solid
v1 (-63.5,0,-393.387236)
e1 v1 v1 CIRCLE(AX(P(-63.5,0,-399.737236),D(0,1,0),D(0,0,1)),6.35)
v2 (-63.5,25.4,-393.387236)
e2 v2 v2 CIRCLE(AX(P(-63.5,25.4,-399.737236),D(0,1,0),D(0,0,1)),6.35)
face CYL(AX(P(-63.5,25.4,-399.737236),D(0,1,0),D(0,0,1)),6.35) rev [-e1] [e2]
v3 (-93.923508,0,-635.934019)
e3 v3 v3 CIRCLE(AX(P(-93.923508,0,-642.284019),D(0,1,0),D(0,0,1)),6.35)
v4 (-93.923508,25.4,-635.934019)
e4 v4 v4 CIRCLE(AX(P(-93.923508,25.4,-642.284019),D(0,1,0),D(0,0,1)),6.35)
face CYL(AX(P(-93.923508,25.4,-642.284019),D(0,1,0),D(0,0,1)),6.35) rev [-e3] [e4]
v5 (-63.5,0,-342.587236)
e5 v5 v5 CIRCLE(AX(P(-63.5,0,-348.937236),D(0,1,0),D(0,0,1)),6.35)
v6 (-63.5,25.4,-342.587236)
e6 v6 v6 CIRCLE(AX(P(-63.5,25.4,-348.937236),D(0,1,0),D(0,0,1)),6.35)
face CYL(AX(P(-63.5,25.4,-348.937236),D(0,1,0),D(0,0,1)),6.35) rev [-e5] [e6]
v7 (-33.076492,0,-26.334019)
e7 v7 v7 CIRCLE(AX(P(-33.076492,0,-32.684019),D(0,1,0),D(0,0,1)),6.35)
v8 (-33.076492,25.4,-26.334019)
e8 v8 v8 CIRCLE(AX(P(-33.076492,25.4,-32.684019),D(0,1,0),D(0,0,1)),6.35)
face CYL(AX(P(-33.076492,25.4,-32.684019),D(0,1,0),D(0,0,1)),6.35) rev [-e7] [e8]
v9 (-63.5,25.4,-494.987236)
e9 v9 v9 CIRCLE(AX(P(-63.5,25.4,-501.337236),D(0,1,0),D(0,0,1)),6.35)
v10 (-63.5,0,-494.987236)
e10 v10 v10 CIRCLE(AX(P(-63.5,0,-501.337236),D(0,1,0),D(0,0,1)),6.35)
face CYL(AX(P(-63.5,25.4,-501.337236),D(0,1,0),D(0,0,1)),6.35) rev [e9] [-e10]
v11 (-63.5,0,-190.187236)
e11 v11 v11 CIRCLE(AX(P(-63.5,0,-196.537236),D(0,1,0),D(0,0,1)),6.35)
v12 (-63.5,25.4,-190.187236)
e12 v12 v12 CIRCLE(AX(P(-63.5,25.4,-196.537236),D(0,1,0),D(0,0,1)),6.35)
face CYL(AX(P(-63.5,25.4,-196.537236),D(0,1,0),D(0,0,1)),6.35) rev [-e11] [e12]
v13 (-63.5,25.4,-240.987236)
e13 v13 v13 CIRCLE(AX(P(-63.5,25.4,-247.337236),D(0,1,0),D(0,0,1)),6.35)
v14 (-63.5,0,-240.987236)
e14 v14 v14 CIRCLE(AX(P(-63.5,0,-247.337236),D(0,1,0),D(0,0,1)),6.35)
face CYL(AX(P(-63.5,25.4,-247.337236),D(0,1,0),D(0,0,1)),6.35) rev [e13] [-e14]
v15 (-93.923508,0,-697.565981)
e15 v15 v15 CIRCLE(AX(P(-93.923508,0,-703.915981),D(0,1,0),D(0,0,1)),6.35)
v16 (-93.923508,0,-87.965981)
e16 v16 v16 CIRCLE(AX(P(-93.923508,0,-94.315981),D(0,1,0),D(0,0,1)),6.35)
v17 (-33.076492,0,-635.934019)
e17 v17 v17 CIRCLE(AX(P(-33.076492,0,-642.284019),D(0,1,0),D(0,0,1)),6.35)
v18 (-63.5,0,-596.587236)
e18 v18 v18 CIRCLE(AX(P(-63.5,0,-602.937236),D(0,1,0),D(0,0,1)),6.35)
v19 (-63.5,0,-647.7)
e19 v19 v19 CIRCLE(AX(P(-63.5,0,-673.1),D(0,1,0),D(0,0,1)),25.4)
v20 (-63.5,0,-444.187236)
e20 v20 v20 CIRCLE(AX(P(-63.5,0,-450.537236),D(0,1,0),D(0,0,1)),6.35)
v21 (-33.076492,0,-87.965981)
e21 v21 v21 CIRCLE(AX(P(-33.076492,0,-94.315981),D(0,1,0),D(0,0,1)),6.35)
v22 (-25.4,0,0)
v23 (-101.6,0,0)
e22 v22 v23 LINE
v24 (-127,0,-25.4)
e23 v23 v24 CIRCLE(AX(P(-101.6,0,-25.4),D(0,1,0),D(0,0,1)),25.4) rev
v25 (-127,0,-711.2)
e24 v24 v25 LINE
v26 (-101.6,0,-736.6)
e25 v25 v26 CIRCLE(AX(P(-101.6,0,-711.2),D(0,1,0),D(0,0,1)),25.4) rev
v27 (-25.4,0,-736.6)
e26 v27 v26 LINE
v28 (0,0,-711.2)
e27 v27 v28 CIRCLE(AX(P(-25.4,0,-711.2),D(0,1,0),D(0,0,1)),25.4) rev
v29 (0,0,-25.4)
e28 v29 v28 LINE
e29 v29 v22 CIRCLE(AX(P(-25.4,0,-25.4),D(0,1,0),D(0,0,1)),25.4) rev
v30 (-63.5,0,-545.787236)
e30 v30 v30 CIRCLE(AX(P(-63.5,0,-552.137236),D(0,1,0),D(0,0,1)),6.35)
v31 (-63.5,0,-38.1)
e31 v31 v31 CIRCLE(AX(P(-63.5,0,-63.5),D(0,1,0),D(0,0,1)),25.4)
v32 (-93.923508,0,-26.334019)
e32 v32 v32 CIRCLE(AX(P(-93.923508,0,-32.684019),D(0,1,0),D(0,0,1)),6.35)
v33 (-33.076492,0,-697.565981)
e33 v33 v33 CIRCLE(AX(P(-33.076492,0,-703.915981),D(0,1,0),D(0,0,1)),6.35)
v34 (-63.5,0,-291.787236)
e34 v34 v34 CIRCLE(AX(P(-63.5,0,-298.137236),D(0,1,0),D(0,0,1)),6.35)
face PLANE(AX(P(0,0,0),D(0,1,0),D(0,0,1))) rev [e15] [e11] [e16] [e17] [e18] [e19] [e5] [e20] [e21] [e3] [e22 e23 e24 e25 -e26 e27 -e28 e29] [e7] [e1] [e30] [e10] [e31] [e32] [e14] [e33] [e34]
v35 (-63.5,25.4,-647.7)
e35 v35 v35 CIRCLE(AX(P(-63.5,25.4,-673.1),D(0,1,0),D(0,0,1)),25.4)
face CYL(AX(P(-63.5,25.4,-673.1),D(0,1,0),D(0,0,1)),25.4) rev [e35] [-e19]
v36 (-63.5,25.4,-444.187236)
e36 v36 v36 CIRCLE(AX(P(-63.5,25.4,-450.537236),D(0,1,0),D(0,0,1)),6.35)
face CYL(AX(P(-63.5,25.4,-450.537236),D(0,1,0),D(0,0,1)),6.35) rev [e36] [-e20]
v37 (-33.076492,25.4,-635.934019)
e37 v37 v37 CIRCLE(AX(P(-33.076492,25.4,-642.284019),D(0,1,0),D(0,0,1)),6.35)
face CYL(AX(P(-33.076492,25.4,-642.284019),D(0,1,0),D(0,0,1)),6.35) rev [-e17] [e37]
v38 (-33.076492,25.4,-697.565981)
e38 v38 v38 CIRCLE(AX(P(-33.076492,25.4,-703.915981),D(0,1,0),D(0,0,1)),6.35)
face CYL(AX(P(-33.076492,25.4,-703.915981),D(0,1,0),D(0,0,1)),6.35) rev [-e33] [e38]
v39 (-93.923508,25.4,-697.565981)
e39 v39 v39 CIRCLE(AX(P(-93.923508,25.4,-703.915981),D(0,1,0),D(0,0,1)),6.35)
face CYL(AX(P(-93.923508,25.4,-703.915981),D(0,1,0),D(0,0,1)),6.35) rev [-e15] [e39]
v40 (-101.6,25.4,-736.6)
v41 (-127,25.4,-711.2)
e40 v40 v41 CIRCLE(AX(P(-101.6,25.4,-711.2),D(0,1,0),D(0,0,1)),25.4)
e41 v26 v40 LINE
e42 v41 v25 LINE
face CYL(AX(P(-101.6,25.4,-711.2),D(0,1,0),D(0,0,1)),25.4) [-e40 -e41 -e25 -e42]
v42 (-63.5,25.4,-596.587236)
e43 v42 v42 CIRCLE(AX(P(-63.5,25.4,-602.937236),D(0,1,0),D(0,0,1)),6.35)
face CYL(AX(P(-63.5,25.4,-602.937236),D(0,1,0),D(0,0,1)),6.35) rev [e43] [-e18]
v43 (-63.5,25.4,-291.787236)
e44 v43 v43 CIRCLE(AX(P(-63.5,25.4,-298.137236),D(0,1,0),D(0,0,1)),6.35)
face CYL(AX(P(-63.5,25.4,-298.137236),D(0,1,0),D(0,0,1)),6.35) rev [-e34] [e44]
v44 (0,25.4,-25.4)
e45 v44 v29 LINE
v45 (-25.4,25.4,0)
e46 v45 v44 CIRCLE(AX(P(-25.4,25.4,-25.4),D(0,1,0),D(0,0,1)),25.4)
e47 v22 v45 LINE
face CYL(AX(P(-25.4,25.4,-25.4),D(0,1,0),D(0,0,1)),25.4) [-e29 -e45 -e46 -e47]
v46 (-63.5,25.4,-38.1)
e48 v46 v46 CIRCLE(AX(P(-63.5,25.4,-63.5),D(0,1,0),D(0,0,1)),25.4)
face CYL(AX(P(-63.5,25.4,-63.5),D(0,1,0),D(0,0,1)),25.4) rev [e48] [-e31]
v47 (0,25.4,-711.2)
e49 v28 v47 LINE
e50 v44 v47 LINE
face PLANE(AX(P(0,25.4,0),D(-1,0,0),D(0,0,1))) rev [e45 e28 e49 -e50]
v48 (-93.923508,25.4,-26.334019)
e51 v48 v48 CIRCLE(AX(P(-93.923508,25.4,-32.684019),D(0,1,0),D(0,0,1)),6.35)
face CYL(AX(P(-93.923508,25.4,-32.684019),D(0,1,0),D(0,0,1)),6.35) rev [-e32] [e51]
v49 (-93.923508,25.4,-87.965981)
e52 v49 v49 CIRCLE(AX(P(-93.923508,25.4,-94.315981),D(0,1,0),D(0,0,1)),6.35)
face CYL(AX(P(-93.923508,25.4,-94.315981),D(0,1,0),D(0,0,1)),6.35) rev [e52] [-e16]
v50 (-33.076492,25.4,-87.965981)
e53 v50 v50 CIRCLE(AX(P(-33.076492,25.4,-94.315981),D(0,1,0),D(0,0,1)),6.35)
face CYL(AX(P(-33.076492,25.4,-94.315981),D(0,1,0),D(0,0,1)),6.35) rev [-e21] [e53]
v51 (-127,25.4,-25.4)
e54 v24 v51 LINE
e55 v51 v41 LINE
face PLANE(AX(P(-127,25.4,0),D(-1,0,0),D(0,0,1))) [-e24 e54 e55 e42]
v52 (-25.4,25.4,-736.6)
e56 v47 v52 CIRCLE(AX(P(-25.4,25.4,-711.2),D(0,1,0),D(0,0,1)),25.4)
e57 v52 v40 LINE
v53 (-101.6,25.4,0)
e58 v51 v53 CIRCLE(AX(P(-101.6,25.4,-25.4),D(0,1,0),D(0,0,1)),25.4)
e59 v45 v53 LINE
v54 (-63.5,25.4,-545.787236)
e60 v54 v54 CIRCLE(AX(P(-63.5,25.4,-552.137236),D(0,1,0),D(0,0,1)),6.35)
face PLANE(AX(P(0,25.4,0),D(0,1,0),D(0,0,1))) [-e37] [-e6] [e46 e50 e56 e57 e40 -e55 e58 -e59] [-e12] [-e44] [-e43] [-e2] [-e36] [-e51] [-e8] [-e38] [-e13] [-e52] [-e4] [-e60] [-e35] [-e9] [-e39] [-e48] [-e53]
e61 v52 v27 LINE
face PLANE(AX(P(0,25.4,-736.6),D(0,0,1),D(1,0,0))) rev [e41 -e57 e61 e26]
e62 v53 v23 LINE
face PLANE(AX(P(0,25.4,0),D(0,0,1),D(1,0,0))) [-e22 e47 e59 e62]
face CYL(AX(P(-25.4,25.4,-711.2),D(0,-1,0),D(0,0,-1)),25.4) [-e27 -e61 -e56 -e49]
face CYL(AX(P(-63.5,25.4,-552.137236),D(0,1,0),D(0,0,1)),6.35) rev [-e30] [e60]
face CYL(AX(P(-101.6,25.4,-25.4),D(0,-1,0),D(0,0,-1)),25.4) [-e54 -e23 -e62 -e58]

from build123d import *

# Parameters (mm, degrees)
SKETCH2_W                  = 127
SKETCH2_H                  = 736.6
BOSS_EXTRUDE1_DEPTH        = 25.4
F_1_2_0_5_DIAMETER_HOLE1_D = 50.8
F_1_2_0_5_DIAMETER_HOLE2_D = 12.7
FILLET1_R                  = 25.4


with BuildPart() as part:
    # Sketch2 → Boss-Extrude1 (new body)
    with BuildSketch(Plane(origin=(0, 0, 0), x_dir=(1, 0, 0), z_dir=(0, 1, 0))):
        with Locations((-63.5, 368.3)):
            Rectangle(SKETCH2_W, SKETCH2_H)
    extrude(amount=BOSS_EXTRUDE1_DEPTH)

    # 1/2 (0.5) Diameter Hole1 (through all)
    with Locations(Plane(origin=(0, 25.4, 0), x_dir=(1, 0, 0), z_dir=(0, 1, 0))):
        with Locations((-63.5, 673.1), (-63.5, 63.5)):
            Hole(F_1_2_0_5_DIAMETER_HOLE1_D / 2)

    # 1/2 (0.5) Diameter Hole2 (through all)
    with Locations(Plane(origin=(0, 25.4, 0), x_dir=(1, 0, 0), z_dir=(0, 1, 0))):
        with Locations((-93.923508124, 703.915980712), (-33.076491876, 703.915980712), (-33.076491876, 642.284019288), (-93.923508124, 642.284019288), (-63.5, 602.937236364), (-63.5, 552.137236364), (-63.5, 501.337236364), (-63.5, 450.537236364), (-63.5, 399.737236364), (-63.5, 348.937236364), (-63.5, 298.137236364), (-63.5, 247.337236364), (-63.5, 196.537236364), (-93.923508124, 32.684019288), (-93.923508124, 94.315980712), (-33.076491876, 94.315980712), (-33.076491876, 32.684019288)):
            Hole(F_1_2_0_5_DIAMETER_HOLE2_D / 2)

    # Fillet1
    fillet1_edges = [part.edges().sort_by_distance(p)[0] for p in [
        (0, 12.7, 0),
        (-127, 12.7, 0),
        (-127, 12.7, -736.6),
        (0, 12.7, -736.6),
    ]]
    fillet(fillet1_edges, radius=FILLET1_R)


solid = part.part
